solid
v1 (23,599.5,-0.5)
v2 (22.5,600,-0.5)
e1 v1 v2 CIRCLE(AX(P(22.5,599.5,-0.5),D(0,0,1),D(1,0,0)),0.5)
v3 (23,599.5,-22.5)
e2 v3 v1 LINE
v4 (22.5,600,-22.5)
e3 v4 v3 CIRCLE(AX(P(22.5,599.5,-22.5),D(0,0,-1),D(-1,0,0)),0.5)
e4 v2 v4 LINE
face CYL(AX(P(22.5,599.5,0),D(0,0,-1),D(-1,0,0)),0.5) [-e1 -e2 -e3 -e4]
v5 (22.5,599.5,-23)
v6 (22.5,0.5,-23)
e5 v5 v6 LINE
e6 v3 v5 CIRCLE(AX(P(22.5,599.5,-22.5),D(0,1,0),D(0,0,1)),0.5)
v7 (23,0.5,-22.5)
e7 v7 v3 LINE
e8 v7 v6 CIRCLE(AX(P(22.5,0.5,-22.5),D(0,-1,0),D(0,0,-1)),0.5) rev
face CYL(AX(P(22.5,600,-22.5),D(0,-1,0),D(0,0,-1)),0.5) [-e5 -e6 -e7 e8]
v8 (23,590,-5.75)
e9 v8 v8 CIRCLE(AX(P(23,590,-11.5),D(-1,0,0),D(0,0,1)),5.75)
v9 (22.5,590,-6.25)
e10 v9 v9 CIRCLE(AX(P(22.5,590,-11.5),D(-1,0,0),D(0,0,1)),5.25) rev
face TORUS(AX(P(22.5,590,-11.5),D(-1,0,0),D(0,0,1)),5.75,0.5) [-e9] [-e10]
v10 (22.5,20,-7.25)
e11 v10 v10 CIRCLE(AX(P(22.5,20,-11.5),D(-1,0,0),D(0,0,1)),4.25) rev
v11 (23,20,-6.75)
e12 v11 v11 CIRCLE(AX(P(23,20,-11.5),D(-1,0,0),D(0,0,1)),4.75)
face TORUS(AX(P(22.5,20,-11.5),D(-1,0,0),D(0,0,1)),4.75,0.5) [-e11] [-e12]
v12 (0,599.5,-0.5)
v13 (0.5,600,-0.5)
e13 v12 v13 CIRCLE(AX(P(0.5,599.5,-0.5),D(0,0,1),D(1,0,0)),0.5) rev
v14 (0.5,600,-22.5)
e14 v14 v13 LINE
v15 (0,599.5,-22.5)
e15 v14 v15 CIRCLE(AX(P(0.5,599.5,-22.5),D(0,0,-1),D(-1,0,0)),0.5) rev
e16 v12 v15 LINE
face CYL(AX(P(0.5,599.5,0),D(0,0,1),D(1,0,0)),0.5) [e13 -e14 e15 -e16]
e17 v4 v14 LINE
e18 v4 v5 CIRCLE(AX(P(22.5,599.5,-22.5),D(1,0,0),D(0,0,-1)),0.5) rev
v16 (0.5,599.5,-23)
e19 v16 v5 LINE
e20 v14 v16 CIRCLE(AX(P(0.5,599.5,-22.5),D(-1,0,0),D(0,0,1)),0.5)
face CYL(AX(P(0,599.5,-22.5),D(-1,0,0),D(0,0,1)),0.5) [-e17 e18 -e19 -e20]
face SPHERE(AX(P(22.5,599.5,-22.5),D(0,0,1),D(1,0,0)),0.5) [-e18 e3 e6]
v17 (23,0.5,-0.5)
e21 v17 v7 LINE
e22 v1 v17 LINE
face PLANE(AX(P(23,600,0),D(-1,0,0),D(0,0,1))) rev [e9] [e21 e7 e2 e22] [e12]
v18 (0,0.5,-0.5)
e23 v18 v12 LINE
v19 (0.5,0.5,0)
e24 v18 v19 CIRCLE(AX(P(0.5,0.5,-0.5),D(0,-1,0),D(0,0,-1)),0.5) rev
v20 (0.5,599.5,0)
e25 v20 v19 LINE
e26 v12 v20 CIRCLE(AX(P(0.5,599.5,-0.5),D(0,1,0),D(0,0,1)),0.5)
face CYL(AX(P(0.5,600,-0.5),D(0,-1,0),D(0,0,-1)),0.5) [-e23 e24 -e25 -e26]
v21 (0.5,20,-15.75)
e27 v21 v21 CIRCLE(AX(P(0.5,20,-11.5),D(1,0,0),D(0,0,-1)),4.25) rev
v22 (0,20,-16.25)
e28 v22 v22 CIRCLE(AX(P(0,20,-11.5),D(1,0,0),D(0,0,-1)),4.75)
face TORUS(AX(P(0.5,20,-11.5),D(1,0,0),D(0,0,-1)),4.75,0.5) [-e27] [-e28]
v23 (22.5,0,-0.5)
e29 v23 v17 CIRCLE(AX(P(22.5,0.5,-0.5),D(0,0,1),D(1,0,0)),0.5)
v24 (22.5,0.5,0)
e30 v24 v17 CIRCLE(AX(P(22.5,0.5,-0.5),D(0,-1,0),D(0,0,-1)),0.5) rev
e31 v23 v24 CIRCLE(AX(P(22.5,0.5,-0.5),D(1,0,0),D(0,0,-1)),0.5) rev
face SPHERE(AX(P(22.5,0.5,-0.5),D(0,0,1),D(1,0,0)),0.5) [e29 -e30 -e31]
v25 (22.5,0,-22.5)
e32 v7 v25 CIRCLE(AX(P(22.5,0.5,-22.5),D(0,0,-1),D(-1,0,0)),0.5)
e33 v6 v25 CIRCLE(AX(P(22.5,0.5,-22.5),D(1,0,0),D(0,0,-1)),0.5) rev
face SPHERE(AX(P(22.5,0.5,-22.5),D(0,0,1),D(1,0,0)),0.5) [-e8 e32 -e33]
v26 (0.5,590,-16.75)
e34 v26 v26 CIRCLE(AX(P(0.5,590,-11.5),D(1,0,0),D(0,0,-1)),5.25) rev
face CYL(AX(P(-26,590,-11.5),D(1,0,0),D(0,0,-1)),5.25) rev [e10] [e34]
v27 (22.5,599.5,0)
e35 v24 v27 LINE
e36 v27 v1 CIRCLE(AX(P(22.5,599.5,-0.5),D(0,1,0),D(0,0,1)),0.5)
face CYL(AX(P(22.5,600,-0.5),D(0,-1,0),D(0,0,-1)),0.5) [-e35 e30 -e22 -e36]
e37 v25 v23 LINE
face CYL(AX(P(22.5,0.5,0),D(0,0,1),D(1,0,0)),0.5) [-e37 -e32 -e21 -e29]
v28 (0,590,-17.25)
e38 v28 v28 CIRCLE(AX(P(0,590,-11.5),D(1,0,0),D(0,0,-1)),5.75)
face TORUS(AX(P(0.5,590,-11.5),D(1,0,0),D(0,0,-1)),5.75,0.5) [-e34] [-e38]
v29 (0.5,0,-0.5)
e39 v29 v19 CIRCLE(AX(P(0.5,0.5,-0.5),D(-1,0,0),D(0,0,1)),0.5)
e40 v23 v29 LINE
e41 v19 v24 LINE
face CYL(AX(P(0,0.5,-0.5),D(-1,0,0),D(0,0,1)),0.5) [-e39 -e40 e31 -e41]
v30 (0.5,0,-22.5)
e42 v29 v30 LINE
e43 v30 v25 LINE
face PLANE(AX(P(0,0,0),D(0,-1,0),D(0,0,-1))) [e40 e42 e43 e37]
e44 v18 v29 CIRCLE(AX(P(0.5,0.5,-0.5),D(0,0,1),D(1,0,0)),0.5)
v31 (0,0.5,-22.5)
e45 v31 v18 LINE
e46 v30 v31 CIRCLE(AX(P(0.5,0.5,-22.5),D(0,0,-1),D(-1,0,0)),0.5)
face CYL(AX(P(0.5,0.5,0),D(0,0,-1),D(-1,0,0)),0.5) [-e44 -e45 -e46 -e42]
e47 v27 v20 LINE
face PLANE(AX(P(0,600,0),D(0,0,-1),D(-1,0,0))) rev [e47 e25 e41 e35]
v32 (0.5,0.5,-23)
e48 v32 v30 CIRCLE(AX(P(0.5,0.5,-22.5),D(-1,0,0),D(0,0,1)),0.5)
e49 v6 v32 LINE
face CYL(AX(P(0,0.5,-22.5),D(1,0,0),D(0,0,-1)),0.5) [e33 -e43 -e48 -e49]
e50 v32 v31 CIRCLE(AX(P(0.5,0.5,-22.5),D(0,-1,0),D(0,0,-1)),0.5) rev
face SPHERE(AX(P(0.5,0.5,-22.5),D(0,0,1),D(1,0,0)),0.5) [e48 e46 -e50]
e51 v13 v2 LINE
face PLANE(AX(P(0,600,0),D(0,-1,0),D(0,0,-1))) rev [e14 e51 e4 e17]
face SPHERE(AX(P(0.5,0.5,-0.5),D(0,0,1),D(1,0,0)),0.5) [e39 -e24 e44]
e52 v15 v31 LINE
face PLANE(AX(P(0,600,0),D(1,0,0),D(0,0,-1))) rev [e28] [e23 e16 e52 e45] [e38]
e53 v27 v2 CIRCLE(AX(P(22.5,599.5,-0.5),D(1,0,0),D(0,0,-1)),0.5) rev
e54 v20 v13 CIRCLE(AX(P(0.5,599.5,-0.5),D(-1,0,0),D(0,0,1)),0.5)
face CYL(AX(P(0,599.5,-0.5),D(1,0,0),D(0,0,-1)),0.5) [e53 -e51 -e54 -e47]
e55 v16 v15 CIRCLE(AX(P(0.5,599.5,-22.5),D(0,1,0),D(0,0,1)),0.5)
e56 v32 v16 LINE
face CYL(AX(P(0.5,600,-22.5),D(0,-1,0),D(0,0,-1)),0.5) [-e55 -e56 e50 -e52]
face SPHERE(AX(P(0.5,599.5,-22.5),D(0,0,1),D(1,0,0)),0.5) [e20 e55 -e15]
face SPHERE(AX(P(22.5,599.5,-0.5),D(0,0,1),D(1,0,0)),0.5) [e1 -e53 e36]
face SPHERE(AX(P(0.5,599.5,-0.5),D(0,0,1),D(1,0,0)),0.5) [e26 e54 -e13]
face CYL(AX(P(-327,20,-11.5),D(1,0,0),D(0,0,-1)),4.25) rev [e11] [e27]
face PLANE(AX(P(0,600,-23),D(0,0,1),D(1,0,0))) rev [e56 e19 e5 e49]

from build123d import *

# Parameters (mm, degrees)
SKETCH1_W           = 23
SKETCH1_H           = 23
BOSS_EXTRUDE1_DEPTH = 600
SKETCH2_R           = 4.25
CUT_EXTRUDE1_DEPTH  = 350
SKETCH3_R           = 5.25
CUT_EXTRUDE2_DEPTH  = 49
FILLET1_R           = 0.5


with BuildPart() as part:
    # Sketch1 → Boss-Extrude1 (new body)
    with BuildSketch(Plane(origin=(0, 0, 0), x_dir=(1, 0, 0), z_dir=(0, 1, 0))):
        with Locations((11.5, 11.5)):
            Rectangle(SKETCH1_W, SKETCH1_H)
    extrude(amount=BOSS_EXTRUDE1_DEPTH)

    # Sketch2 → Cut-Extrude1 (cut)
    with BuildSketch(Plane(origin=(23, 0, 0), x_dir=(0, 0, -1), z_dir=(1, 0, 0))):
        with Locations((11.5, 20)):
            Circle(SKETCH2_R)
    extrude(amount=-CUT_EXTRUDE1_DEPTH, mode=Mode.SUBTRACT)

    # Sketch3 → Cut-Extrude2 (cut)
    with BuildSketch(Plane(origin=(23, 0, 0), x_dir=(0, 0, -1), z_dir=(1, 0, 0))):
        with Locations((11.5, 590)):
            Circle(SKETCH3_R)
    extrude(amount=-CUT_EXTRUDE2_DEPTH, mode=Mode.SUBTRACT)

    # Fillet1
    fillet1_edges = [part.edges().sort_by_distance(p)[0] for p in [
        (23, 600, -11.5),
        (11.5, 600, -23),
        (0, 20, -7.25),
        (23, 20, -7.25),
        (0, 590, -6.25),
        (23, 590, -6.25),
        (0, 600, -11.5),
        (11.5, 0, -23),
        (23, 0, -11.5),
        (11.5, 0, 0),
        (0, 0, -11.5),
        (11.5, 600, 0),
        (0, 300, -23),
        (23, 300, -23),
        (23, 300, 0),
        (0, 300, 0),
    ]]
    fillet(fillet1_edges, radius=FILLET1_R)


solid = part.part
